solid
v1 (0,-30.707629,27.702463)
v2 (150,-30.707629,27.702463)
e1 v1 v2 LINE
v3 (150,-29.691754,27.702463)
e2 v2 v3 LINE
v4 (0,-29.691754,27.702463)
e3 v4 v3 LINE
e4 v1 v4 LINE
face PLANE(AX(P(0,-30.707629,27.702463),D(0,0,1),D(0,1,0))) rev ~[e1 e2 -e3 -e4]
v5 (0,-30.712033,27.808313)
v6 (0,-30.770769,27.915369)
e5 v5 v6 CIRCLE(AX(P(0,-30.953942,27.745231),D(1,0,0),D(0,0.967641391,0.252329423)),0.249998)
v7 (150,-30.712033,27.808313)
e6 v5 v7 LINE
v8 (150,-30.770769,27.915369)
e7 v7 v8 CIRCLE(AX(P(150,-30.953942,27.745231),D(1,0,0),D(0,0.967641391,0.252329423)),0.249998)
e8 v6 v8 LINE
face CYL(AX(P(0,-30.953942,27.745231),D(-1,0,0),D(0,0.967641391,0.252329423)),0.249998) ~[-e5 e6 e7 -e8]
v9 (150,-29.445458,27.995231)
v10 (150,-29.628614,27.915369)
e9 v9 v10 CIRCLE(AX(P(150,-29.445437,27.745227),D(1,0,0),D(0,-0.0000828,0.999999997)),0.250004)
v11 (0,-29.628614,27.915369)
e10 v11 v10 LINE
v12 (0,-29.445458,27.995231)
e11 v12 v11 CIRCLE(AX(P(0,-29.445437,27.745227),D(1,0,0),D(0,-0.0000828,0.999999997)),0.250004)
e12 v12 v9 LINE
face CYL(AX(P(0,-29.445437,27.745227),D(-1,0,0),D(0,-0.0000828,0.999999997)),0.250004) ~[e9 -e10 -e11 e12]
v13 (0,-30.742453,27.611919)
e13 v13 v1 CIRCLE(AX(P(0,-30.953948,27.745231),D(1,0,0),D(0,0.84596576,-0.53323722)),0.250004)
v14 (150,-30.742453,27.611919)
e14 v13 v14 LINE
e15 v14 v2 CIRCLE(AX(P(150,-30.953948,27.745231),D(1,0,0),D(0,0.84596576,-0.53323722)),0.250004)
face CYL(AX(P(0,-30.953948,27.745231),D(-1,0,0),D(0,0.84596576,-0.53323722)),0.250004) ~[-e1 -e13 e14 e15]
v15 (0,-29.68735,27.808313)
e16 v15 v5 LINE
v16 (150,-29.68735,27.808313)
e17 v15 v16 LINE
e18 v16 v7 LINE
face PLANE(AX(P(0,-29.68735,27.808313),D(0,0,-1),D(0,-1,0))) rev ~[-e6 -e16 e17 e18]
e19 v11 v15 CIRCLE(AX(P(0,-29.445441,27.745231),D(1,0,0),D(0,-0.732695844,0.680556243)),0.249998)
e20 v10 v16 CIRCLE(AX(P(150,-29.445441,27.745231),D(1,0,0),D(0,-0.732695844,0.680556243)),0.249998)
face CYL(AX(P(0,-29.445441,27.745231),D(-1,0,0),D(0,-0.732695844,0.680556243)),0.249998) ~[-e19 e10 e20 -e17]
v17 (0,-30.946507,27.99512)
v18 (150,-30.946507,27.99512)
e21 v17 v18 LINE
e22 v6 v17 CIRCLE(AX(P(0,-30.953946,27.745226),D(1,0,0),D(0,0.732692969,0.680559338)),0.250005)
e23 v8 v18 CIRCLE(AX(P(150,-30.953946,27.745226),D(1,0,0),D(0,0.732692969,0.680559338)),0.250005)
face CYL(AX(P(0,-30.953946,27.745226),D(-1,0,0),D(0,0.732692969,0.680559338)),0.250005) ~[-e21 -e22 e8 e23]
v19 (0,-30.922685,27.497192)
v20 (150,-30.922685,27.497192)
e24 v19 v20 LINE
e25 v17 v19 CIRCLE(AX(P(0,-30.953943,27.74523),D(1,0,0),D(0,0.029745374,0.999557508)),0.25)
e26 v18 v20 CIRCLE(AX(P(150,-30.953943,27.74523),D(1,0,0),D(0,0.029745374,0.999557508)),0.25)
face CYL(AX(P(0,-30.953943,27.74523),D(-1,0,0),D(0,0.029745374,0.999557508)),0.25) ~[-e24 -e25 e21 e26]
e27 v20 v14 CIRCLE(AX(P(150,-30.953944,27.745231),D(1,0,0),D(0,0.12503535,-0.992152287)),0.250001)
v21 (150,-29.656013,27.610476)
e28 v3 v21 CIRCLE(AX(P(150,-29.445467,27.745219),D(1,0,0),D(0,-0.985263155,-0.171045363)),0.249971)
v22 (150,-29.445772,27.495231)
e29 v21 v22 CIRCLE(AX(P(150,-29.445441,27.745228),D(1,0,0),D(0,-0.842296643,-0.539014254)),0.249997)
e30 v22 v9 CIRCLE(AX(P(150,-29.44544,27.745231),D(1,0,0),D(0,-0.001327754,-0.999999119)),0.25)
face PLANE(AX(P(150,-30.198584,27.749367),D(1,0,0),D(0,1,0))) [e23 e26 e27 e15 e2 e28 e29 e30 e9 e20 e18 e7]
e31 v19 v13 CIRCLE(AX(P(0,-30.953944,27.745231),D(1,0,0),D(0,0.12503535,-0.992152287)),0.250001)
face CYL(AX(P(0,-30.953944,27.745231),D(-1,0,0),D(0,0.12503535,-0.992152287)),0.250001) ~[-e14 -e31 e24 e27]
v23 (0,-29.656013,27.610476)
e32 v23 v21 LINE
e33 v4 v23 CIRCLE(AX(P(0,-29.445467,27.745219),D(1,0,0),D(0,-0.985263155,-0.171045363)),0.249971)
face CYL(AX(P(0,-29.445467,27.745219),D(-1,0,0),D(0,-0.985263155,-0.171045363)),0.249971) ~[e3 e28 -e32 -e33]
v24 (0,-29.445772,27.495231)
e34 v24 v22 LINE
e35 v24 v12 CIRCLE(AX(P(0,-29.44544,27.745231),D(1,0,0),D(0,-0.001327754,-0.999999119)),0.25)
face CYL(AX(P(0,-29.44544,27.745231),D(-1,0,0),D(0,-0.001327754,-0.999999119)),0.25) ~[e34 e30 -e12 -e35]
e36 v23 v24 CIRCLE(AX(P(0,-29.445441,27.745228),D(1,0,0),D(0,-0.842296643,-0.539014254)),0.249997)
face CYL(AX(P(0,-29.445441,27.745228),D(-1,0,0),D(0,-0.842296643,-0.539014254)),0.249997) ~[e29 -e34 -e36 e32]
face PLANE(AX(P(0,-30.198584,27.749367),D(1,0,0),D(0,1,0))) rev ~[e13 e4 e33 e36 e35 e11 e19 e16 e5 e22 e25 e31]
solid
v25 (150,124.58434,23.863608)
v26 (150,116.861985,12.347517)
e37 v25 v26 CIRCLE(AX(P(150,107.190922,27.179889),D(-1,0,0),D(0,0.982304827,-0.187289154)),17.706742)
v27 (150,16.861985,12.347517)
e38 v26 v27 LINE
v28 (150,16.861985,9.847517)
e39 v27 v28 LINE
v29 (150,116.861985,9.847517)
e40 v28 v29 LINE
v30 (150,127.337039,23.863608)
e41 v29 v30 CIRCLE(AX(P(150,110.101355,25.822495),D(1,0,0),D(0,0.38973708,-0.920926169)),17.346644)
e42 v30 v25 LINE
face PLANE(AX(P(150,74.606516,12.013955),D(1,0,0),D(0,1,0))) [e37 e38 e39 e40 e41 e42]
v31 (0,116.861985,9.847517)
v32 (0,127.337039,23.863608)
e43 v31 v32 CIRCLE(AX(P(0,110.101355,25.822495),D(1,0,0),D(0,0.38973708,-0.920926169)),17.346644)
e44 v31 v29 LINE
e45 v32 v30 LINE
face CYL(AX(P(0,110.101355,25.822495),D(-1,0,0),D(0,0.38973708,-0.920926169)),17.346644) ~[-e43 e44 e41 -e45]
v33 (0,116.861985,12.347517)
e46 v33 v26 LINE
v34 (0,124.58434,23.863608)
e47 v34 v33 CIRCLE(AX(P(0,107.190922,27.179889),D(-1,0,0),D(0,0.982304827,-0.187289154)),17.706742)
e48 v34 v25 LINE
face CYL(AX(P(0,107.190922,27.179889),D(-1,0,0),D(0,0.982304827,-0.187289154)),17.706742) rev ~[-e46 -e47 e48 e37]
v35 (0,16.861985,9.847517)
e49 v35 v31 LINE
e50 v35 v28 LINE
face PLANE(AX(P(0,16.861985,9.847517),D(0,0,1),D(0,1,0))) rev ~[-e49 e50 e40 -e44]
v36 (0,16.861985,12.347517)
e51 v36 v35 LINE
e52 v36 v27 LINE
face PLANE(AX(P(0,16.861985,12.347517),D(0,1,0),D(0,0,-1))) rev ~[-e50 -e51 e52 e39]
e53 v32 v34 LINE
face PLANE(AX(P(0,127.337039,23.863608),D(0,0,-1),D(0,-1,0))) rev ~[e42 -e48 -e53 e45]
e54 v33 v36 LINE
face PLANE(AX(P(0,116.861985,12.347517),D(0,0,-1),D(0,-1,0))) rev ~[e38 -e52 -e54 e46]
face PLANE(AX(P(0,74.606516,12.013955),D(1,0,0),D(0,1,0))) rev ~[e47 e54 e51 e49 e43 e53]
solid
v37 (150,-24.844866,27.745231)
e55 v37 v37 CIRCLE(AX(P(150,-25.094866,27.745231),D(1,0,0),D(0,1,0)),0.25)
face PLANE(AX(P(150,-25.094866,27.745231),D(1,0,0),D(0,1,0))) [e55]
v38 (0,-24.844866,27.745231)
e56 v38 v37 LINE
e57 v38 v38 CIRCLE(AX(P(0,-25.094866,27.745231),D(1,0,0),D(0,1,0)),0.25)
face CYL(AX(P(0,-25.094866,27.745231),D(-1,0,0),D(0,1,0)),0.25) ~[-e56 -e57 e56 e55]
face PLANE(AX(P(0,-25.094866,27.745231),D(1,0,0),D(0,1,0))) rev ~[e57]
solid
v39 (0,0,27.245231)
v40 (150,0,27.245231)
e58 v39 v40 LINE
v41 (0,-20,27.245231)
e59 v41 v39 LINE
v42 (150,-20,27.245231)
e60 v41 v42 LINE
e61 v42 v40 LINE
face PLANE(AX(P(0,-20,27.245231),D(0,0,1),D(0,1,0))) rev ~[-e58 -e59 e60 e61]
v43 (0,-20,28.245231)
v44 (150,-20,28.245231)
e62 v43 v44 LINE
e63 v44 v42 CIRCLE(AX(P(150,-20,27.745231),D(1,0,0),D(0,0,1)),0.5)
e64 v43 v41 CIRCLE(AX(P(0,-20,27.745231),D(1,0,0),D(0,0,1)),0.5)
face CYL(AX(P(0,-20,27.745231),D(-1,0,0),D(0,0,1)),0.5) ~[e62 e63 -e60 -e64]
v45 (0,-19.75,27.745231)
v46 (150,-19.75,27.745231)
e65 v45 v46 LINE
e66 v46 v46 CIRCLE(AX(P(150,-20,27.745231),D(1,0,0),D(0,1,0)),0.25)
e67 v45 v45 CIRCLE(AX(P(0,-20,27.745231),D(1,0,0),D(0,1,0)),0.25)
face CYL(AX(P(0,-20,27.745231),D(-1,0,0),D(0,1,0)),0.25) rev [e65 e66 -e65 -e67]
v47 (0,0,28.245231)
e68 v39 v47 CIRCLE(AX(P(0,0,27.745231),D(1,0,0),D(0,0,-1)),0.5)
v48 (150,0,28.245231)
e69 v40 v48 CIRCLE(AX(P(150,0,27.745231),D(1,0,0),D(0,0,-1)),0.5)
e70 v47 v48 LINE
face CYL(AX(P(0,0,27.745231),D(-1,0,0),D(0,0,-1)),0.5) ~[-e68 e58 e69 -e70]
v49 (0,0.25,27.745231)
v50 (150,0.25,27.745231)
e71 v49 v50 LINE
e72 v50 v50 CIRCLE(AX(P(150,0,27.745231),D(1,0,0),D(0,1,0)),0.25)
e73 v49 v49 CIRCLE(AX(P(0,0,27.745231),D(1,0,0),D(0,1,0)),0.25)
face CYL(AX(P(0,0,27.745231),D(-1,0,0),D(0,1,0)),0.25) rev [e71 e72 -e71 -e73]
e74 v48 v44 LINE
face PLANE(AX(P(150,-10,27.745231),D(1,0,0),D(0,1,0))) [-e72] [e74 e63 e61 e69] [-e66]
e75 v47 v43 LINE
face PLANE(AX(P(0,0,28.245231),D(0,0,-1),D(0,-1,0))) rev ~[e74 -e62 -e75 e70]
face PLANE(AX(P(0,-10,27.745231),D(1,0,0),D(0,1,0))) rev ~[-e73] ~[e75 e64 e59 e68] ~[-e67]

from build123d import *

# Parameters (mm, degrees)
F0_R     = 0.25
F1_DEPTH = 150
F2_DEPTH = 150
F3_DEPTH = 150
F4_DEPTH = 150


with BuildPart() as f1:
    # F0 (on Right) → F1 (new body)
    with BuildSketch(Plane.YZ):
        with BuildLine():
            Line((0, 28.245231), (-20, 28.245231))
            ThreePointArc((-20, 28.245231), (-20.5, 27.745231), (-20, 27.245231))
            Line((-20, 27.245231), (0, 27.245231))
            ThreePointArc((0, 27.245231), (0.5, 27.745231), (0, 28.245231))
        make_face()
        with Locations((-20, 27.745231)):
            Circle(F0_R, mode=Mode.SUBTRACT)
        with Locations((0, 27.745231)):
            Circle(F0_R, mode=Mode.SUBTRACT)
    extrude(amount=F1_DEPTH)


with BuildPart() as f2:
    # F0 (on Right) → F2 (new body)
    with BuildSketch(Plane.YZ):
        with Locations((-25.094866, 27.745231)):
            Circle(F0_R)
    extrude(amount=F2_DEPTH)


with BuildPart() as f3:
    # F0 (on Right) → F3 (new body)
    with BuildSketch(Plane.YZ):
        with BuildLine():
            Line((116.861985, 12.347517), (16.861985, 12.347517))
            Line((16.861985, 12.347517), (16.861985, 9.847517))
            Line((16.861985, 9.847517), (116.861985, 9.847517))
            ThreePointArc((116.861985, 9.847517), (123.996263, 15.438008), (127.337039, 23.863608))
            Line((127.337039, 23.863608), (124.58434, 23.863608))
            ThreePointArc((124.58434, 23.863608), (121.897268, 17.318241), (116.861985, 12.347517))
        make_face()
    extrude(amount=F3_DEPTH)


with BuildPart() as f4:
    # F0 (on Right) → F4 (new body)
    with BuildSketch(Plane.YZ):
        with BuildLine():
            ThreePointArc((-29.445458, 27.995231), (-29.545362, 27.974393), (-29.628614, 27.915369))
            ThreePointArc((-29.628614, 27.915369), (-29.664619, 27.865482), (-29.68735, 27.808313))
            Line((-29.68735, 27.808313), (-30.712033, 27.808313))
            ThreePointArc((-30.712033, 27.808313), (-30.734764, 27.865482), (-30.770769, 27.915369))
            ThreePointArc((-30.770769, 27.915369), (-30.850632, 27.972885), (-30.946507, 27.99512))
            ThreePointArc((-30.946507, 27.99512), (-31.203658, 27.733284), (-30.922685, 27.497192))
            ThreePointArc((-30.922685, 27.497192), (-30.819696, 27.534333), (-30.742453, 27.611919))
            ThreePointArc((-30.742453, 27.611919), (-30.720607, 27.655486), (-30.707629, 27.702463))
            Line((-30.707629, 27.702463), (-29.691754, 27.702463))
            ThreePointArc((-29.691754, 27.702463), (-29.678468, 27.654688), (-29.656013, 27.610476))
            ThreePointArc((-29.656013, 27.610476), (-29.565609, 27.526006), (-29.445772, 27.495231))
            ThreePointArc((-29.445772, 27.495231), (-29.19544, 27.745074), (-29.445458, 27.995231))
        make_face()
    extrude(amount=F4_DEPTH)


solid = Compound([f1.part, f2.part, f3.part, f4.part])
